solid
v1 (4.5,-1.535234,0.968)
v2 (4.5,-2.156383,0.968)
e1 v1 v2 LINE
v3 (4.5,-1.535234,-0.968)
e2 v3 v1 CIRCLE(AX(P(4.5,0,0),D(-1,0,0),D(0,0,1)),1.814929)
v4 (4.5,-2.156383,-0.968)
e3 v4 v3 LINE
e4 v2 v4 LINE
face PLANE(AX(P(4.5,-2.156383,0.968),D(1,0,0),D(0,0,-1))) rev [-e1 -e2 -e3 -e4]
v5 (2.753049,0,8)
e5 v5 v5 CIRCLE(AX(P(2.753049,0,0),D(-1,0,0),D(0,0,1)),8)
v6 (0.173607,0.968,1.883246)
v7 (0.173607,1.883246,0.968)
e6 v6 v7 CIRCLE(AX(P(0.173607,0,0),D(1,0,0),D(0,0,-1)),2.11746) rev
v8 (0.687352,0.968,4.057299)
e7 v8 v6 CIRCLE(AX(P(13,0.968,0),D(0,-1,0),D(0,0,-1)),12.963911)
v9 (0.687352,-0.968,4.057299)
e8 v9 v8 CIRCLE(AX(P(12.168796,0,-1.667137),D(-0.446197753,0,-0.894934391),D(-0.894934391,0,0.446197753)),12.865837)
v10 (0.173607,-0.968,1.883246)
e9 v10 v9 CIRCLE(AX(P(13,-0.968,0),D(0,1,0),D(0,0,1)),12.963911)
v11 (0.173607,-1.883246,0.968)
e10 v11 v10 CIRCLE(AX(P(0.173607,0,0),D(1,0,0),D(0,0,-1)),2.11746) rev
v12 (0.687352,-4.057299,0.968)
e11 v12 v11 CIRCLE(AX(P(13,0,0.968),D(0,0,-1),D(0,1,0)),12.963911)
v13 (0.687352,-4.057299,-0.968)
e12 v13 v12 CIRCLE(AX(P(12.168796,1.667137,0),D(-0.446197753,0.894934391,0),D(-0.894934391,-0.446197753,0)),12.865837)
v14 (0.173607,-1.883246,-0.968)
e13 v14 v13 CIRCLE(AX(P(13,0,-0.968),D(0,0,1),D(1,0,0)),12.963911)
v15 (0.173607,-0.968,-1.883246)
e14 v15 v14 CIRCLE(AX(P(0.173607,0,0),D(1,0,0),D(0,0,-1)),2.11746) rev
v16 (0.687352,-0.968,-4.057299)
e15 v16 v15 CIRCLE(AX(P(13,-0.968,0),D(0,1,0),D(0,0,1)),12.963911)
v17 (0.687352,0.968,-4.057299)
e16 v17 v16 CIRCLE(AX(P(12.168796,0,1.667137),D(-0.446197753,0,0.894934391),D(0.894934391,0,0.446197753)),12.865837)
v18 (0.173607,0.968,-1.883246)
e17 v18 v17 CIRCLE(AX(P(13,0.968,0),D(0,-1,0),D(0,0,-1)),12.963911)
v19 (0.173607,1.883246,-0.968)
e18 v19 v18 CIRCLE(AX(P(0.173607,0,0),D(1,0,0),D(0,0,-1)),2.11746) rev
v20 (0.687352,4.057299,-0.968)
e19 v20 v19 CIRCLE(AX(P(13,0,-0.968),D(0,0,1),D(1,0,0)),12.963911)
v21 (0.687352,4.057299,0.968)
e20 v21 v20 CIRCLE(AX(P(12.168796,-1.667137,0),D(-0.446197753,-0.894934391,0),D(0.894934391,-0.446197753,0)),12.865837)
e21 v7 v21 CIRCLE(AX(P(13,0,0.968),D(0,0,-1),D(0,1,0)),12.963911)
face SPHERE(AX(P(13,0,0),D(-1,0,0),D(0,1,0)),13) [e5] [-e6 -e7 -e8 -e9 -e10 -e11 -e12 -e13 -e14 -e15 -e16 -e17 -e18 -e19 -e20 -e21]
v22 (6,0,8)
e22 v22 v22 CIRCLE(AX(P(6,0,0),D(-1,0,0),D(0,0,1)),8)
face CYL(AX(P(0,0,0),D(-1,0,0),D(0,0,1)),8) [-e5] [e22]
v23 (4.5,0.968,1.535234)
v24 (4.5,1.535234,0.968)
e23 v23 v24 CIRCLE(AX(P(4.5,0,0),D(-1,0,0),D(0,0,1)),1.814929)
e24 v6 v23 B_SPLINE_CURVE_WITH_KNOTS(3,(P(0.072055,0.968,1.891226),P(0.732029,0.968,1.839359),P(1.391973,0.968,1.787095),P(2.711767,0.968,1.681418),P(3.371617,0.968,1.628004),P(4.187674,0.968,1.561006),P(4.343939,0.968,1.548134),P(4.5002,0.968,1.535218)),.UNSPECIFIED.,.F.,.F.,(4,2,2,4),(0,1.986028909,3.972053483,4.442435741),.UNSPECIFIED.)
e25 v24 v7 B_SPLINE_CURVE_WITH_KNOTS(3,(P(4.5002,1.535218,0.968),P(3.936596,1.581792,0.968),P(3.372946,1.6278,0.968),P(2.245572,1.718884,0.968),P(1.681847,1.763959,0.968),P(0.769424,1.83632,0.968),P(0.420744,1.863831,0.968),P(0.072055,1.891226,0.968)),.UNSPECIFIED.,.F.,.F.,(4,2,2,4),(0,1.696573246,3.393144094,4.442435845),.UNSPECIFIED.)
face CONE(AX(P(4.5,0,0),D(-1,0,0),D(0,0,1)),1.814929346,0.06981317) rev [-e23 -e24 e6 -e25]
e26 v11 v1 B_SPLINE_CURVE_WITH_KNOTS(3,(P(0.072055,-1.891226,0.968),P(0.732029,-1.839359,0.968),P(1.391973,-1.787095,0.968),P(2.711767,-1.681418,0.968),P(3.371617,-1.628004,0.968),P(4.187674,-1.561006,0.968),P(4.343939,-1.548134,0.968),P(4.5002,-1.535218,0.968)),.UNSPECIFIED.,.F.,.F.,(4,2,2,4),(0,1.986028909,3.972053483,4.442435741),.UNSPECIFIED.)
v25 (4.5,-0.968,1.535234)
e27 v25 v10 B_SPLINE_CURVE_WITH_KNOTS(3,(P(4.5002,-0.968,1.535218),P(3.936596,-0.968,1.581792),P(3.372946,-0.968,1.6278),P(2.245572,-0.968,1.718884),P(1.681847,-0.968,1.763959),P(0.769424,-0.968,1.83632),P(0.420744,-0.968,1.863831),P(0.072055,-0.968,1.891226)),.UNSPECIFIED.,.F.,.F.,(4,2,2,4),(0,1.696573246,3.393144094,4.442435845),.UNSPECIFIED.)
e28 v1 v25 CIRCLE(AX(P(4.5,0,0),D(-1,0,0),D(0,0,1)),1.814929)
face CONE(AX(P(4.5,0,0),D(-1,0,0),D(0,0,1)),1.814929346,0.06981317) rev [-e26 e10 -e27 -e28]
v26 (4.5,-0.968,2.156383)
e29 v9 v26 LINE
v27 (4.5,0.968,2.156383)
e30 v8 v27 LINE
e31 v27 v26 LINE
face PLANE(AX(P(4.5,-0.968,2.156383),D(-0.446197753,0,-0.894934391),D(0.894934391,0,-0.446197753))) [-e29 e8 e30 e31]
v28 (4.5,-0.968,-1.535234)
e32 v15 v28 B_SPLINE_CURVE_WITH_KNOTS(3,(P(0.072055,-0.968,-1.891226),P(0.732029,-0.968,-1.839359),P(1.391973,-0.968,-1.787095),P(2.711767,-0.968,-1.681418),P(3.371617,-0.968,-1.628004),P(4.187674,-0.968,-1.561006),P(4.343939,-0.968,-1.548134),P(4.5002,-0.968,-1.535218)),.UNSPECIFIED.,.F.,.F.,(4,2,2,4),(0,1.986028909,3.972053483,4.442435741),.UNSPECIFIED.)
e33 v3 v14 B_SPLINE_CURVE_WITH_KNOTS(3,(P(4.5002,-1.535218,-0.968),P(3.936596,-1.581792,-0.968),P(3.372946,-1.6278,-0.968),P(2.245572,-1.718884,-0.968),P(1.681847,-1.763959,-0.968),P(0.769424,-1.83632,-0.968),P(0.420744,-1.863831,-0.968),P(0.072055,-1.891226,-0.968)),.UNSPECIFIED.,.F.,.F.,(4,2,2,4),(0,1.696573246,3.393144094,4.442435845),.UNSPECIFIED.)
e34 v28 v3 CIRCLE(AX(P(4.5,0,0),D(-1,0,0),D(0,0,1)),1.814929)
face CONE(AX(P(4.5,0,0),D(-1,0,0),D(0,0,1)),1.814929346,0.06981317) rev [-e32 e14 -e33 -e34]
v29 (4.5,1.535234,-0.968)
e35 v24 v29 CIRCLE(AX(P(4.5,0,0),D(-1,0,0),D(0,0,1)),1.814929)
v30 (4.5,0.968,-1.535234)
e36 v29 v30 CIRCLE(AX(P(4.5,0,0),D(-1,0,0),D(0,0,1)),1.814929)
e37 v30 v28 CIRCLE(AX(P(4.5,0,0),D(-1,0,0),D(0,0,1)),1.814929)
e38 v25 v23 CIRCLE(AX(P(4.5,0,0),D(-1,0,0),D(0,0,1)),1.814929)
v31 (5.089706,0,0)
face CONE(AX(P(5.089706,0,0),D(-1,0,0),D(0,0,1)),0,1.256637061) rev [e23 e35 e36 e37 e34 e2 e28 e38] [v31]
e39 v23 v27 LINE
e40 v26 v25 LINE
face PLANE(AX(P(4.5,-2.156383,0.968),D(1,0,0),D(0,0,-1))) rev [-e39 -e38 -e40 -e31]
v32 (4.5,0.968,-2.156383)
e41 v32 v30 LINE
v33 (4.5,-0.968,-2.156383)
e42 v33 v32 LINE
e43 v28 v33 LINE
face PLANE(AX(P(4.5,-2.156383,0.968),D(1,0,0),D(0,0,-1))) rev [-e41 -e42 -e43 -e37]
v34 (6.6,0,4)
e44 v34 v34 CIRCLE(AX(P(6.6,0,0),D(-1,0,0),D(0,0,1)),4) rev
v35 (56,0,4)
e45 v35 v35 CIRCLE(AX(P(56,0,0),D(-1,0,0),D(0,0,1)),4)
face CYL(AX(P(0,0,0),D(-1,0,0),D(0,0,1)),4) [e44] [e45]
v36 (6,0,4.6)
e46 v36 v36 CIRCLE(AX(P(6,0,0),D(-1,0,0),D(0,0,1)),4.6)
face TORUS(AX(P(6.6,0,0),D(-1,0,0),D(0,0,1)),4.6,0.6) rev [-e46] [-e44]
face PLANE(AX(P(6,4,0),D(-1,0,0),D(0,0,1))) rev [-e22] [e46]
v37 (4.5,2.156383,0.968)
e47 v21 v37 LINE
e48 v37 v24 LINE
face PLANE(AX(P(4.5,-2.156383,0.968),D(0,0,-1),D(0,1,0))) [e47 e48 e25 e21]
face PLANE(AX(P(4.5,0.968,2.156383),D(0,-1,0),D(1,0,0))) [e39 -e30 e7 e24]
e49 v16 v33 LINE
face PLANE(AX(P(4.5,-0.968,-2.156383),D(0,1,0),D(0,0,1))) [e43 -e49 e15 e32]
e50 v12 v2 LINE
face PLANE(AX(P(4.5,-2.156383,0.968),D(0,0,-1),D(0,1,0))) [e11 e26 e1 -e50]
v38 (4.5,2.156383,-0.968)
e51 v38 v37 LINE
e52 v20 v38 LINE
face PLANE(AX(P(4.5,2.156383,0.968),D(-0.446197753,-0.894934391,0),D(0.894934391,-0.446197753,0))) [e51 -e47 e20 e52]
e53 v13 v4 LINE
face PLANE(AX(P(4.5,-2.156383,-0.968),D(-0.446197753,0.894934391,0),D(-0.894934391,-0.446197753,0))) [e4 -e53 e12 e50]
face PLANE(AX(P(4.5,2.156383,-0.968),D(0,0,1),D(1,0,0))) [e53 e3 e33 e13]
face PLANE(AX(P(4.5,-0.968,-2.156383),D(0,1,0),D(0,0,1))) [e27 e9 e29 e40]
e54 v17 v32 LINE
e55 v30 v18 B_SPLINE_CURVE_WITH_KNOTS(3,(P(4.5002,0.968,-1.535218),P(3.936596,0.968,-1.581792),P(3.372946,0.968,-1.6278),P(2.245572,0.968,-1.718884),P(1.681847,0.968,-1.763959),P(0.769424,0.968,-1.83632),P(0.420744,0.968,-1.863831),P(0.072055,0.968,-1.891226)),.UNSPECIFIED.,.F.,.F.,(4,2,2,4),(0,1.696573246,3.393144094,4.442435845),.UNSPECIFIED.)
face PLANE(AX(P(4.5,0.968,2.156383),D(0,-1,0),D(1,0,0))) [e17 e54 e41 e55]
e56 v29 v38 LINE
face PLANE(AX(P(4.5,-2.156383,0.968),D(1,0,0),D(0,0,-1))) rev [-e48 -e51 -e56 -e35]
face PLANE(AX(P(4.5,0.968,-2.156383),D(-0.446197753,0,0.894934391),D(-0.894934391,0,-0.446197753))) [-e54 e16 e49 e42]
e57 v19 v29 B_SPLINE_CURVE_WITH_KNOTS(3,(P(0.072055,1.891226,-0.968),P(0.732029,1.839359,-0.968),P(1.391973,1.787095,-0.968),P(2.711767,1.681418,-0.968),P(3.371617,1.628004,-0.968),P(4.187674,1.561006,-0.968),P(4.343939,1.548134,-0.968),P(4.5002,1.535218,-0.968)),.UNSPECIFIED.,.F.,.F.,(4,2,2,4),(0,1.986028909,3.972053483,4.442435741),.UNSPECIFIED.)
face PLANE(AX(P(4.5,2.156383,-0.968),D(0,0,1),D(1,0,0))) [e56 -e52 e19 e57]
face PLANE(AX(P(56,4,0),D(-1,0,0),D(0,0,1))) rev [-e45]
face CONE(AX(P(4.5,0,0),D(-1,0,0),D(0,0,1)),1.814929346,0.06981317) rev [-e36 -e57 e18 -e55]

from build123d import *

# Parameters (mm, degrees)
FILLET1_R    = 0.6
RECPAT_COUNT = 2
RECPAT_ANGLE = 90


with BuildPart() as part:
    # BodySke → BaseBody (revolve)
    with BuildSketch(Plane.XY, mode=Mode.PRIVATE) as basebody_sk:
        with BuildLine():
            Line((6, 4), (6, 8))
            Line((6, 8), (2.753049234, 8))
            ThreePointArc((2.753049234, 8), (0.707515305, 4.230226947), (0, 0))
            Line((0, 0), (56, 0))
            Line((56, 0), (56, 4))
            Line((56, 4), (6, 4))
        make_face()
    revolve(basebody_sk.sketch.rotate(Axis((0, 0, 0), (1, 0, 0)), 90), axis=Axis((0, 0, 0), (1, 0, 0)))

    # Fillet1
    fillet1_edges = [part.edges().sort_by_distance(p)[0] for p in [
        (6, 0, -4),
    ]]
    fillet(fillet1_edges, radius=FILLET1_R)

    # RecSkeTop → Recess section 0
    with BuildSketch(Plane(origin=(0, 0, 0), x_dir=(0, 0, -1), z_dir=(1, 0, 0))):
        with BuildLine():
            Line((-0.968, 4.4), (0.968, 4.4))
            Line((0.968, 4.4), (0.968, -4.4))
            Line((0.968, -4.4), (-0.968, -4.4))
            Line((-0.968, -4.4), (-0.968, 4.4))
        make_face()
    # RecSkeBot → Recess section 1
    with BuildSketch(Plane(origin=(4.5, 0, 0), x_dir=(0, 0, -1), z_dir=(1, 0, 0))):
        with BuildLine():
            Line((-0.968, 2.156383139), (0.968, 2.156383139))
            Line((0.968, 2.156383139), (0.968, -2.156383139))
            Line((0.968, -2.156383139), (-0.968, -2.156383139))
            Line((-0.968, -2.156383139), (-0.968, 2.156383139))
        make_face()
    recess = loft(mode=Mode.SUBTRACT)

    # RecPat: Recess ×2 about axis
    recpat_axis = Axis((0, 0, 0), (1, 0, 0))
    for i in range(1, RECPAT_COUNT):
        add(recess.rotate(recpat_axis, i * RECPAT_ANGLE / (RECPAT_COUNT - 1)), mode=Mode.SUBTRACT)

    # RecCorSke → RecessCore (revolve, cut)
    with BuildSketch(Plane.XY, mode=Mode.PRIVATE) as recesscore_sk:
        Polygon((0, 0), (0, 2.1296), (4.5, 1.814929346), (5.089706292, 0), align=None)
    revolve(recesscore_sk.sketch.rotate(Axis((0, 0, 0), (1, 0, 0)), 346.581092025), axis=Axis((0, 0, 0), (1, 0, 0)), mode=Mode.SUBTRACT)


solid = part.part
